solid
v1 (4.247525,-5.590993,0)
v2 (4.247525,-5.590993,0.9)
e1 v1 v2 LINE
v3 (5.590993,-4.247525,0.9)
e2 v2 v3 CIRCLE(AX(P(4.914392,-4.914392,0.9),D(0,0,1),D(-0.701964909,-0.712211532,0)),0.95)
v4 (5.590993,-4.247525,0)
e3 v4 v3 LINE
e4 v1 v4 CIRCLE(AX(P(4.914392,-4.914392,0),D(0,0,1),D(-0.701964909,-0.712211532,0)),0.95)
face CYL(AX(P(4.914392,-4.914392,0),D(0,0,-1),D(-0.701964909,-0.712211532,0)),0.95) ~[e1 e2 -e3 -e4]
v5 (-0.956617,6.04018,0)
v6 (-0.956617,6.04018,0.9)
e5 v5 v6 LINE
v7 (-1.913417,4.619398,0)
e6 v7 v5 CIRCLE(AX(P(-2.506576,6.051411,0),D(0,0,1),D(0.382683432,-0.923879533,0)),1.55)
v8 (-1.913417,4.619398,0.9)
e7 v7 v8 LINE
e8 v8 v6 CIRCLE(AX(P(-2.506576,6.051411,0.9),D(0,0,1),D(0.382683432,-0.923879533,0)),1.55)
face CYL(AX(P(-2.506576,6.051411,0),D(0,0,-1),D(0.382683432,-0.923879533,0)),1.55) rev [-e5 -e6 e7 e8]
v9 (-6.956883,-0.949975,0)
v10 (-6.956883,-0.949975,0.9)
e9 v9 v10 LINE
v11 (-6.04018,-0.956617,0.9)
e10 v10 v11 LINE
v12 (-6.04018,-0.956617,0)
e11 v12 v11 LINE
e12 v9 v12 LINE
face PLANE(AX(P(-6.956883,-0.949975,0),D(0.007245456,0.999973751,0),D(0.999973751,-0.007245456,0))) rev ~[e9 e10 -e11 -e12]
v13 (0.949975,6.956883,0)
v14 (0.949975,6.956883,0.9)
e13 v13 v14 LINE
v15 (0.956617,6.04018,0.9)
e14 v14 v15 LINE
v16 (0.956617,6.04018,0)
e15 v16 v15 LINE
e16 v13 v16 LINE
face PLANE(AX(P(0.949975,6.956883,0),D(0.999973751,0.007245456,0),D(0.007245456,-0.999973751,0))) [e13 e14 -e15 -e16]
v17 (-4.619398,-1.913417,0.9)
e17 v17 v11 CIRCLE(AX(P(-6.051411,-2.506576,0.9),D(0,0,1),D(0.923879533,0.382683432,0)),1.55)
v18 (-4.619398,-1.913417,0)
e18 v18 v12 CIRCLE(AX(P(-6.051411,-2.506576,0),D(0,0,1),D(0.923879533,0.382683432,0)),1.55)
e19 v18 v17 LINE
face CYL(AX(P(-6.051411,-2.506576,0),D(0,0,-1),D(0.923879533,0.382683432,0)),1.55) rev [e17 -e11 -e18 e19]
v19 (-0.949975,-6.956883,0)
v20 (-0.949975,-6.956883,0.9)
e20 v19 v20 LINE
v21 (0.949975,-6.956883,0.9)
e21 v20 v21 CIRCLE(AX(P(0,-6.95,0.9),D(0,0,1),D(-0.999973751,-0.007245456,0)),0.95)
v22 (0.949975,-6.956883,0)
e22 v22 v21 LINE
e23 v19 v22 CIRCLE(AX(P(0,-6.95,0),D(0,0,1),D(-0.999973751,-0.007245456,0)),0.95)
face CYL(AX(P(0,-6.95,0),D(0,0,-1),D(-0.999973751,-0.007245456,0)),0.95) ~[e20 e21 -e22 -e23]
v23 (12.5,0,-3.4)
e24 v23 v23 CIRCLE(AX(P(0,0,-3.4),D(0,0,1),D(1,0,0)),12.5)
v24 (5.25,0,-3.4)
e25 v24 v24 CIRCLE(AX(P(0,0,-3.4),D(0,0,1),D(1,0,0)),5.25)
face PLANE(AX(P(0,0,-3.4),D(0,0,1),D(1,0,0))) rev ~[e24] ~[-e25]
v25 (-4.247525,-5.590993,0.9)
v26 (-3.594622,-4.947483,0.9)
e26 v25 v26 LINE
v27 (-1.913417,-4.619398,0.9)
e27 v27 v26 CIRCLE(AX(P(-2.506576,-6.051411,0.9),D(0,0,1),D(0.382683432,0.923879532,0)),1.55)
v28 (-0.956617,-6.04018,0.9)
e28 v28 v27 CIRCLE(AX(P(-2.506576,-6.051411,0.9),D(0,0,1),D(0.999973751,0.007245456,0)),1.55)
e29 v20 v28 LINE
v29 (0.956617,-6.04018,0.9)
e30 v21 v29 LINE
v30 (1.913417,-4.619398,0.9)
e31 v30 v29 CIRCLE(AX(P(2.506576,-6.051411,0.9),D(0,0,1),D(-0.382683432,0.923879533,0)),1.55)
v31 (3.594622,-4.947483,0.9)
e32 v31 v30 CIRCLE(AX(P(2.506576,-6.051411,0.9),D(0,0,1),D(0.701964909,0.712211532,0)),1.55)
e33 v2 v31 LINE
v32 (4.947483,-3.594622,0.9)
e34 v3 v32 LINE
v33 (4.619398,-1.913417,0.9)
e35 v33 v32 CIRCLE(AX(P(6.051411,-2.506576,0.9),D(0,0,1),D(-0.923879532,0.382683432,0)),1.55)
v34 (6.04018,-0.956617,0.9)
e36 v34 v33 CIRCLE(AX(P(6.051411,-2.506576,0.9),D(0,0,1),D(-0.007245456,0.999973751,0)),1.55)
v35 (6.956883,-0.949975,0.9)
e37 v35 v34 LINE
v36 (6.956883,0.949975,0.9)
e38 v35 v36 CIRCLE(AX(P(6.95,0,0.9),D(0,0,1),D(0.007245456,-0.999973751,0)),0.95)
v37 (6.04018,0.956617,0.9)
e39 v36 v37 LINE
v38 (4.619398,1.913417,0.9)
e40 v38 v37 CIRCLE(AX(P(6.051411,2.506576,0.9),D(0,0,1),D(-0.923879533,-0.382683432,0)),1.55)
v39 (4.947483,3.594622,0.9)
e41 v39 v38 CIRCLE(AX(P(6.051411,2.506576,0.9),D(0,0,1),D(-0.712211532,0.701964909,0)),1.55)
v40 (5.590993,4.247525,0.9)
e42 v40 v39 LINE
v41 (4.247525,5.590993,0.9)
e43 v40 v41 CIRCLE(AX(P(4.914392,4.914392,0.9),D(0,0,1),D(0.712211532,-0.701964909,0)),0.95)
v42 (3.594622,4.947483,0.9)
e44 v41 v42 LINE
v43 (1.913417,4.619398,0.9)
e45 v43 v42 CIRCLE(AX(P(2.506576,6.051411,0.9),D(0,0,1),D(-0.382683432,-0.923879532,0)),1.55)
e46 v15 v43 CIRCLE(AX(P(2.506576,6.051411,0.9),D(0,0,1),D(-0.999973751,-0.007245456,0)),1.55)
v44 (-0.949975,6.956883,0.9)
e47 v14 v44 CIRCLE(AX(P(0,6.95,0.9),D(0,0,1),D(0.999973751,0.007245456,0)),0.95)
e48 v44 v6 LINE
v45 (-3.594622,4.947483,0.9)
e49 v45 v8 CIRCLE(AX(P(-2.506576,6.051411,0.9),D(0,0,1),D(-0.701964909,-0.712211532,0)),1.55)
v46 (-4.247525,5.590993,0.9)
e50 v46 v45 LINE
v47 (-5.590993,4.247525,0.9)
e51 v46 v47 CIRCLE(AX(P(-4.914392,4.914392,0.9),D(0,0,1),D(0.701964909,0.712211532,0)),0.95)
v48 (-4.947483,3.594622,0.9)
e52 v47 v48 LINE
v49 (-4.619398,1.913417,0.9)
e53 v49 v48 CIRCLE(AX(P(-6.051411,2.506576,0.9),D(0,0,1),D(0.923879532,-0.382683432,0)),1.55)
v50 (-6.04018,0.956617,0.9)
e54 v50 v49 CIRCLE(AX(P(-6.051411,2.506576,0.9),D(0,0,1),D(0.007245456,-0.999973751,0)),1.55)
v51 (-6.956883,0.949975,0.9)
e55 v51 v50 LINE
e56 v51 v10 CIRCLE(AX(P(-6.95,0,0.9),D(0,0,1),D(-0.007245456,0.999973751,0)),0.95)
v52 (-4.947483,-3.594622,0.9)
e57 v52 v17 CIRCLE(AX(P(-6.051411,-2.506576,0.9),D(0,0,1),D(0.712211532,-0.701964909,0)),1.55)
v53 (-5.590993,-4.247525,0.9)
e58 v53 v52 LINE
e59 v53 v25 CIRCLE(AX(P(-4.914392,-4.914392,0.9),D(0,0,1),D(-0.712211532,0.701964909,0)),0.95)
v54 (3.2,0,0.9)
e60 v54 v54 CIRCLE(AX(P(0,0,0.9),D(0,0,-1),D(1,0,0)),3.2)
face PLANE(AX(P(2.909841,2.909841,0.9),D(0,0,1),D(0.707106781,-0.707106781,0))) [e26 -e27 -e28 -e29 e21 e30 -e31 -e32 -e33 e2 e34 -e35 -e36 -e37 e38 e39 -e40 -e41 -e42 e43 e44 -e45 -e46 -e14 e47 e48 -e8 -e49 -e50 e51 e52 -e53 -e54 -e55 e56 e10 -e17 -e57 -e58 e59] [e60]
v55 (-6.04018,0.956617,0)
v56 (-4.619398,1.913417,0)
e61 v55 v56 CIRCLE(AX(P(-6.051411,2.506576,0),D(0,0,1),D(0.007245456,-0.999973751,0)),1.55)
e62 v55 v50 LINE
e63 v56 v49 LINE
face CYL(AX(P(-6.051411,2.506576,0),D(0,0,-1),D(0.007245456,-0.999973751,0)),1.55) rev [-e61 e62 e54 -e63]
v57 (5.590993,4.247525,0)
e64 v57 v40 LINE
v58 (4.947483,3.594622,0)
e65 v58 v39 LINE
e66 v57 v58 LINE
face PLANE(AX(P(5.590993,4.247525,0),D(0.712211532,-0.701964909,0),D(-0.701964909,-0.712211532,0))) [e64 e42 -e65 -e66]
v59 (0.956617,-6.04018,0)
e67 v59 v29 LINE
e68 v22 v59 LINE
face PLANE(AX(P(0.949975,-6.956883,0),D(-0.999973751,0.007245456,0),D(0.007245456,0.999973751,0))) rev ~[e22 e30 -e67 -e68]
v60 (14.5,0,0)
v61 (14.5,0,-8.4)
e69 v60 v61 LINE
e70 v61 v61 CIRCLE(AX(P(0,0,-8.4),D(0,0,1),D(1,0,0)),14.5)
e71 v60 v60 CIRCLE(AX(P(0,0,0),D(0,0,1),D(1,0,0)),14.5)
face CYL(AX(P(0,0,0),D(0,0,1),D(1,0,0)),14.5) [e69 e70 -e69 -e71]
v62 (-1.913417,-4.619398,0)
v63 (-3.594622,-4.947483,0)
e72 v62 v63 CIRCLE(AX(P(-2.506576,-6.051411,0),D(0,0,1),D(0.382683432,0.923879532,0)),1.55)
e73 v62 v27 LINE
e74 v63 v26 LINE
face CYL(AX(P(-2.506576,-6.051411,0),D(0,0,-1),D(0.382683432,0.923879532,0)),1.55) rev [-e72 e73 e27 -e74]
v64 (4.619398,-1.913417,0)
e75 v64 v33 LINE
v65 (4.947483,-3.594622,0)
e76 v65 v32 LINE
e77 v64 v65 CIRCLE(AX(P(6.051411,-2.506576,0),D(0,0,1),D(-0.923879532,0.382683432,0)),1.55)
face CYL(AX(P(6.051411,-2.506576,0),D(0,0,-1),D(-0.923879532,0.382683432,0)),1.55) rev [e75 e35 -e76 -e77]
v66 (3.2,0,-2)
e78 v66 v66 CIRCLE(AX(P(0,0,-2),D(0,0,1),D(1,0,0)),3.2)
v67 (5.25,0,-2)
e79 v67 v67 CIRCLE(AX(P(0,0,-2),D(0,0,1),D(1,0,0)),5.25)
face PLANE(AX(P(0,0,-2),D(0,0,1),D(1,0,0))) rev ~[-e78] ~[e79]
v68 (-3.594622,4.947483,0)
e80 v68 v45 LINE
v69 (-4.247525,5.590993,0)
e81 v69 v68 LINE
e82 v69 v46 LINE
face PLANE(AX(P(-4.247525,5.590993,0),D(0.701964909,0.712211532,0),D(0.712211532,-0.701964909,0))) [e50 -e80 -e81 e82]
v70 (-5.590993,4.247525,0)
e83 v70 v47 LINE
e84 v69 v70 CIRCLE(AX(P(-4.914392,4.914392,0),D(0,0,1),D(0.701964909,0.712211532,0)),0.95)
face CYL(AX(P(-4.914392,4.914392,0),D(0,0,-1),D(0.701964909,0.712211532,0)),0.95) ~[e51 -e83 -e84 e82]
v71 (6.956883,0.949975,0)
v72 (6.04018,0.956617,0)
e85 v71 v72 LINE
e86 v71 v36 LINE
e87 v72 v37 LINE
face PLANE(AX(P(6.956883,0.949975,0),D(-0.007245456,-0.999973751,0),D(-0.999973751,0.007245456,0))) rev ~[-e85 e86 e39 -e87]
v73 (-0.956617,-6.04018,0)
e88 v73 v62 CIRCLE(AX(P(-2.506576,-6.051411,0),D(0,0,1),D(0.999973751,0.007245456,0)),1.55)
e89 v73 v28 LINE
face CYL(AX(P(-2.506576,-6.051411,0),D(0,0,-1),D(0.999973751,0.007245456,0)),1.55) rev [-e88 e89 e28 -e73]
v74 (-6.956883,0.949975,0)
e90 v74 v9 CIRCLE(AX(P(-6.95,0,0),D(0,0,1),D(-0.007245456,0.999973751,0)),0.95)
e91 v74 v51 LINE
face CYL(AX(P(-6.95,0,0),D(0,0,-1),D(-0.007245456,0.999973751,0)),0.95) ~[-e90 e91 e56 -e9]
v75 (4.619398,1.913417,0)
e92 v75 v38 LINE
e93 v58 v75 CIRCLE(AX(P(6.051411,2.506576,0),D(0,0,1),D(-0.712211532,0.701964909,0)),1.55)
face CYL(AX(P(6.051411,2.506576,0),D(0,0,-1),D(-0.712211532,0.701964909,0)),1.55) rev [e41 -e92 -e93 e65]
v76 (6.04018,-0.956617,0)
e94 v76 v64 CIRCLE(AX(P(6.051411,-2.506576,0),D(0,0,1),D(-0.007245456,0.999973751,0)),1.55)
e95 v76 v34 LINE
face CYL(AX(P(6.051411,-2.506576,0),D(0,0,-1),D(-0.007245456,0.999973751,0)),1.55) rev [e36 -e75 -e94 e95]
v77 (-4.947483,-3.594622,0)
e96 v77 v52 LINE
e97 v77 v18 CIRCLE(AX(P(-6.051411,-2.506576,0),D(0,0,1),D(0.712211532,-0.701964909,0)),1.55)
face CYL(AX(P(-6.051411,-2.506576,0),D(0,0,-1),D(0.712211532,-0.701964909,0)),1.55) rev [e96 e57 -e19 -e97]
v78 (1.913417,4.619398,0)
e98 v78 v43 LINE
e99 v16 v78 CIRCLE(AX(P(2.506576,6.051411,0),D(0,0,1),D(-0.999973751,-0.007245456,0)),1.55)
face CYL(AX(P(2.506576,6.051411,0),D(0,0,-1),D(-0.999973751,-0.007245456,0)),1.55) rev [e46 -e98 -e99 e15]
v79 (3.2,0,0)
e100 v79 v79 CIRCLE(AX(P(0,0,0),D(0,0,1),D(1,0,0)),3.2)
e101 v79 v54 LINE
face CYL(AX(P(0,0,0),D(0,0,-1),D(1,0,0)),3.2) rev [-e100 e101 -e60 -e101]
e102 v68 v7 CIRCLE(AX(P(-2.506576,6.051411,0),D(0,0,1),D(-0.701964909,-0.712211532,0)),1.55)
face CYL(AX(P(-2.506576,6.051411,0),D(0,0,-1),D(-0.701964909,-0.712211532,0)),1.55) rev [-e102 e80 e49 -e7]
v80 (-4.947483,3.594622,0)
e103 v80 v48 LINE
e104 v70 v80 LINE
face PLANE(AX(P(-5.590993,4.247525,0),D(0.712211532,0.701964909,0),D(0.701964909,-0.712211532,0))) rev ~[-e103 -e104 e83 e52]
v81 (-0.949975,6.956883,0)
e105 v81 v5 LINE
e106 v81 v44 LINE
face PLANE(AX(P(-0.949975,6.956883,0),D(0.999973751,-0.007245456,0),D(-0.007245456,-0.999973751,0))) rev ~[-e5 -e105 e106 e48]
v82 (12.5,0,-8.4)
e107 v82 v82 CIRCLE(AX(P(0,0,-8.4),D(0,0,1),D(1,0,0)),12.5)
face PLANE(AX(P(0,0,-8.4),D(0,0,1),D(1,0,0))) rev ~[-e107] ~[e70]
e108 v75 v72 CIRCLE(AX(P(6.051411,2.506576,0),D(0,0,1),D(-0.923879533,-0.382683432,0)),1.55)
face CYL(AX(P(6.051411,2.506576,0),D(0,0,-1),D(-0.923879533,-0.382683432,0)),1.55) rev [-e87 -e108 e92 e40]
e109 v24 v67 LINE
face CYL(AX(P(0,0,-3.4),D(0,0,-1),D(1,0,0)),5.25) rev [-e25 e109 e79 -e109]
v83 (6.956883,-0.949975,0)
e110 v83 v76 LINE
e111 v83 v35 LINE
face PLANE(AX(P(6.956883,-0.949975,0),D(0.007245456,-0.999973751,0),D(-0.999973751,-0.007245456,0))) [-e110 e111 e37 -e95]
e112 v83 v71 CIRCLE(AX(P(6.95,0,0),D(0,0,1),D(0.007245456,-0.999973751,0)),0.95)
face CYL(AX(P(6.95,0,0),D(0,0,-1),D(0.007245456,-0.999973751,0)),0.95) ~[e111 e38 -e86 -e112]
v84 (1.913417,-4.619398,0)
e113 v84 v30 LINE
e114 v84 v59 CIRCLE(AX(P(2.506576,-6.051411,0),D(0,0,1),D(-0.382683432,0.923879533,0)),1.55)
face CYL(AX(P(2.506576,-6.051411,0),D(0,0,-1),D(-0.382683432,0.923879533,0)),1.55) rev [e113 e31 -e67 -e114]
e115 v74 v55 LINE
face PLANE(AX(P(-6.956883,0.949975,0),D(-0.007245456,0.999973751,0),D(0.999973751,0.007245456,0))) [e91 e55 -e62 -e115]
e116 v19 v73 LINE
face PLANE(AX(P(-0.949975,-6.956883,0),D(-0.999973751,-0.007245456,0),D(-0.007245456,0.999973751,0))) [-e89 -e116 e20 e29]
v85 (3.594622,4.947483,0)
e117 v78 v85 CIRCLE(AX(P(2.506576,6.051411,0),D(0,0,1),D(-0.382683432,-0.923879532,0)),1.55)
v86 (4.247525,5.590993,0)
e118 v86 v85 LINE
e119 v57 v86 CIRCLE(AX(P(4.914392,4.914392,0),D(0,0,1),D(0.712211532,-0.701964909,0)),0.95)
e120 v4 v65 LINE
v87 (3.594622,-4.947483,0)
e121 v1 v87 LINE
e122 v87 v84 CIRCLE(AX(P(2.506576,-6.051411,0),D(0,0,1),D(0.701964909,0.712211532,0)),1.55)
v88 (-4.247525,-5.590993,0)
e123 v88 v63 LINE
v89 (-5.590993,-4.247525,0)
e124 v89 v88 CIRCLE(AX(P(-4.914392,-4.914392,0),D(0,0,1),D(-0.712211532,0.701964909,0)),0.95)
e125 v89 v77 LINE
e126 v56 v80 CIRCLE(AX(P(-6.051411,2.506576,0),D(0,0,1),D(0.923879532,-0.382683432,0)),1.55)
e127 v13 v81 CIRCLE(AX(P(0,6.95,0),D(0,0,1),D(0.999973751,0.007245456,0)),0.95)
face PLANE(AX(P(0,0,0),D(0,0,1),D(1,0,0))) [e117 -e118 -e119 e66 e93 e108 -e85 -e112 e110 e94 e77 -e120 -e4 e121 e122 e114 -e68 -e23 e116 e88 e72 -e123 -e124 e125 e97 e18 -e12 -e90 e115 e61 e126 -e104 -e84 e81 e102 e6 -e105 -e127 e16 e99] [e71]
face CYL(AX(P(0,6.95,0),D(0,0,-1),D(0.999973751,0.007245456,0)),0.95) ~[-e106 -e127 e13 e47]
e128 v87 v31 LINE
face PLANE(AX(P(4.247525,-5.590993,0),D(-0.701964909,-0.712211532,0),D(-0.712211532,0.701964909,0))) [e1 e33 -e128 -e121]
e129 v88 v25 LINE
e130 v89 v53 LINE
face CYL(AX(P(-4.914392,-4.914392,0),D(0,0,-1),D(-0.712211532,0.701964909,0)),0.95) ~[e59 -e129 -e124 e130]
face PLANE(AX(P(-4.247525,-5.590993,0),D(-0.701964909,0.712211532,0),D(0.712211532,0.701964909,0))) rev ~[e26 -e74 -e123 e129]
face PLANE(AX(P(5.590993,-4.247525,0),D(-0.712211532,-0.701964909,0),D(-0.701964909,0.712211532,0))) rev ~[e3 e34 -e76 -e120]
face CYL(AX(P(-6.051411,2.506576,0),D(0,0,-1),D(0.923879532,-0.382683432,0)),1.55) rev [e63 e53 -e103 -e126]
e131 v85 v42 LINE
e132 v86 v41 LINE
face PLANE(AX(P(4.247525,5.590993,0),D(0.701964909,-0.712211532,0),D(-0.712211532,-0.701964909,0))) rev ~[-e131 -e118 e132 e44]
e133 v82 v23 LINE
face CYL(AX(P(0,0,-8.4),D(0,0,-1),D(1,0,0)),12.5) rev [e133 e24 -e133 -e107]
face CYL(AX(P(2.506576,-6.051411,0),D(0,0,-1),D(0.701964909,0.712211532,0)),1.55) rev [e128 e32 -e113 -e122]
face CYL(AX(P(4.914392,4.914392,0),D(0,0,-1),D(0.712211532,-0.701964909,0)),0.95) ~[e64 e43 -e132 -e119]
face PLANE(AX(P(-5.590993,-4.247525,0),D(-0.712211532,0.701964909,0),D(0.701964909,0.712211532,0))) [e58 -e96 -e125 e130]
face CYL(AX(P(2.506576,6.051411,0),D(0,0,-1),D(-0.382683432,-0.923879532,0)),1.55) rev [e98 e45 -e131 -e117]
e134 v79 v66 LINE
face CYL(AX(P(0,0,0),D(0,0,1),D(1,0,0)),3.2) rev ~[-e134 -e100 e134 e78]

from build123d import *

# Parameters (mm, degrees)
SKETCH013_R           = 14.5
PAD005_DEPTH          = 8.4
PAD006_DEPTH          = 0.9
POLARPATTERN006_COUNT = 8
SKETCH023_R           = 12.5
POCKET008_DEPTH       = 5
SKETCH017_R           = 5.25
POCKET006_DEPTH       = 1.4
SKETCH018_R           = 3.2
POCKET007_DEPTH       = 8.401
POCKET007_DEPTH_BACK  = 0.901


with BuildPart() as part:
    # Sketch013 → Pad005 (new body)
    with BuildSketch(Plane.XY):
        Circle(SKETCH013_R)
    extrude(amount=-PAD005_DEPTH)

    # Sketch016 → Pad006 (join)
    with BuildSketch(Plane.XY):
        with BuildLine():
            ThreePointArc((0.9499750638, 6.9568831834), (0, 7.9), (-0.9499750638, 6.9568831834))
            Line((-0.9499750638, 6.9568831834), (-0.9566171674, 6.0401804808))
            ThreePointArc((-1.9134171618, 4.6193976626), (-1.2209267144, 5.1856138051), (-0.9566171674, 6.0401804808))
            Line((-1.9134171618, 4.6193976626), (0, 0))
            Line((0, 0), (1.9134171618, 4.6193976626))
            ThreePointArc((0.9566171674, 6.0401804808), (1.2209267144, 5.1856138051), (1.9134171618, 4.6193976626))
            Line((0.9499750638, 6.9568831834), (0.9566171674, 6.0401804808))
        make_face()
    pad006 = extrude(amount=PAD006_DEPTH)

    # PolarPattern006: Pad006 ×8 about axis
    polarpattern006_axis = Axis((0, 0, 0), (0, 0, 1))
    for i in range(1, POLARPATTERN006_COUNT):
        add(pad006.rotate(polarpattern006_axis, i * 360 / POLARPATTERN006_COUNT))

    # Sketch023 → Pocket008 (cut)
    with BuildSketch(Plane.XY.offset(-8.4)):
        Circle(SKETCH023_R)
    extrude(amount=POCKET008_DEPTH, mode=Mode.SUBTRACT)

    # Sketch017 → Pocket006 (cut)
    with BuildSketch(Plane.XY.offset(-3.4)):
        Circle(SKETCH017_R)
    extrude(amount=POCKET006_DEPTH, mode=Mode.SUBTRACT)

    # Sketch018 → Pocket007 (cut, two sides)
    with BuildSketch(Plane.XY) as pocket007_sk:
        Circle(SKETCH018_R)
    extrude(amount=-POCKET007_DEPTH, mode=Mode.SUBTRACT)
    extrude(pocket007_sk.sketch, amount=POCKET007_DEPTH_BACK, mode=Mode.SUBTRACT)


solid = part.part
